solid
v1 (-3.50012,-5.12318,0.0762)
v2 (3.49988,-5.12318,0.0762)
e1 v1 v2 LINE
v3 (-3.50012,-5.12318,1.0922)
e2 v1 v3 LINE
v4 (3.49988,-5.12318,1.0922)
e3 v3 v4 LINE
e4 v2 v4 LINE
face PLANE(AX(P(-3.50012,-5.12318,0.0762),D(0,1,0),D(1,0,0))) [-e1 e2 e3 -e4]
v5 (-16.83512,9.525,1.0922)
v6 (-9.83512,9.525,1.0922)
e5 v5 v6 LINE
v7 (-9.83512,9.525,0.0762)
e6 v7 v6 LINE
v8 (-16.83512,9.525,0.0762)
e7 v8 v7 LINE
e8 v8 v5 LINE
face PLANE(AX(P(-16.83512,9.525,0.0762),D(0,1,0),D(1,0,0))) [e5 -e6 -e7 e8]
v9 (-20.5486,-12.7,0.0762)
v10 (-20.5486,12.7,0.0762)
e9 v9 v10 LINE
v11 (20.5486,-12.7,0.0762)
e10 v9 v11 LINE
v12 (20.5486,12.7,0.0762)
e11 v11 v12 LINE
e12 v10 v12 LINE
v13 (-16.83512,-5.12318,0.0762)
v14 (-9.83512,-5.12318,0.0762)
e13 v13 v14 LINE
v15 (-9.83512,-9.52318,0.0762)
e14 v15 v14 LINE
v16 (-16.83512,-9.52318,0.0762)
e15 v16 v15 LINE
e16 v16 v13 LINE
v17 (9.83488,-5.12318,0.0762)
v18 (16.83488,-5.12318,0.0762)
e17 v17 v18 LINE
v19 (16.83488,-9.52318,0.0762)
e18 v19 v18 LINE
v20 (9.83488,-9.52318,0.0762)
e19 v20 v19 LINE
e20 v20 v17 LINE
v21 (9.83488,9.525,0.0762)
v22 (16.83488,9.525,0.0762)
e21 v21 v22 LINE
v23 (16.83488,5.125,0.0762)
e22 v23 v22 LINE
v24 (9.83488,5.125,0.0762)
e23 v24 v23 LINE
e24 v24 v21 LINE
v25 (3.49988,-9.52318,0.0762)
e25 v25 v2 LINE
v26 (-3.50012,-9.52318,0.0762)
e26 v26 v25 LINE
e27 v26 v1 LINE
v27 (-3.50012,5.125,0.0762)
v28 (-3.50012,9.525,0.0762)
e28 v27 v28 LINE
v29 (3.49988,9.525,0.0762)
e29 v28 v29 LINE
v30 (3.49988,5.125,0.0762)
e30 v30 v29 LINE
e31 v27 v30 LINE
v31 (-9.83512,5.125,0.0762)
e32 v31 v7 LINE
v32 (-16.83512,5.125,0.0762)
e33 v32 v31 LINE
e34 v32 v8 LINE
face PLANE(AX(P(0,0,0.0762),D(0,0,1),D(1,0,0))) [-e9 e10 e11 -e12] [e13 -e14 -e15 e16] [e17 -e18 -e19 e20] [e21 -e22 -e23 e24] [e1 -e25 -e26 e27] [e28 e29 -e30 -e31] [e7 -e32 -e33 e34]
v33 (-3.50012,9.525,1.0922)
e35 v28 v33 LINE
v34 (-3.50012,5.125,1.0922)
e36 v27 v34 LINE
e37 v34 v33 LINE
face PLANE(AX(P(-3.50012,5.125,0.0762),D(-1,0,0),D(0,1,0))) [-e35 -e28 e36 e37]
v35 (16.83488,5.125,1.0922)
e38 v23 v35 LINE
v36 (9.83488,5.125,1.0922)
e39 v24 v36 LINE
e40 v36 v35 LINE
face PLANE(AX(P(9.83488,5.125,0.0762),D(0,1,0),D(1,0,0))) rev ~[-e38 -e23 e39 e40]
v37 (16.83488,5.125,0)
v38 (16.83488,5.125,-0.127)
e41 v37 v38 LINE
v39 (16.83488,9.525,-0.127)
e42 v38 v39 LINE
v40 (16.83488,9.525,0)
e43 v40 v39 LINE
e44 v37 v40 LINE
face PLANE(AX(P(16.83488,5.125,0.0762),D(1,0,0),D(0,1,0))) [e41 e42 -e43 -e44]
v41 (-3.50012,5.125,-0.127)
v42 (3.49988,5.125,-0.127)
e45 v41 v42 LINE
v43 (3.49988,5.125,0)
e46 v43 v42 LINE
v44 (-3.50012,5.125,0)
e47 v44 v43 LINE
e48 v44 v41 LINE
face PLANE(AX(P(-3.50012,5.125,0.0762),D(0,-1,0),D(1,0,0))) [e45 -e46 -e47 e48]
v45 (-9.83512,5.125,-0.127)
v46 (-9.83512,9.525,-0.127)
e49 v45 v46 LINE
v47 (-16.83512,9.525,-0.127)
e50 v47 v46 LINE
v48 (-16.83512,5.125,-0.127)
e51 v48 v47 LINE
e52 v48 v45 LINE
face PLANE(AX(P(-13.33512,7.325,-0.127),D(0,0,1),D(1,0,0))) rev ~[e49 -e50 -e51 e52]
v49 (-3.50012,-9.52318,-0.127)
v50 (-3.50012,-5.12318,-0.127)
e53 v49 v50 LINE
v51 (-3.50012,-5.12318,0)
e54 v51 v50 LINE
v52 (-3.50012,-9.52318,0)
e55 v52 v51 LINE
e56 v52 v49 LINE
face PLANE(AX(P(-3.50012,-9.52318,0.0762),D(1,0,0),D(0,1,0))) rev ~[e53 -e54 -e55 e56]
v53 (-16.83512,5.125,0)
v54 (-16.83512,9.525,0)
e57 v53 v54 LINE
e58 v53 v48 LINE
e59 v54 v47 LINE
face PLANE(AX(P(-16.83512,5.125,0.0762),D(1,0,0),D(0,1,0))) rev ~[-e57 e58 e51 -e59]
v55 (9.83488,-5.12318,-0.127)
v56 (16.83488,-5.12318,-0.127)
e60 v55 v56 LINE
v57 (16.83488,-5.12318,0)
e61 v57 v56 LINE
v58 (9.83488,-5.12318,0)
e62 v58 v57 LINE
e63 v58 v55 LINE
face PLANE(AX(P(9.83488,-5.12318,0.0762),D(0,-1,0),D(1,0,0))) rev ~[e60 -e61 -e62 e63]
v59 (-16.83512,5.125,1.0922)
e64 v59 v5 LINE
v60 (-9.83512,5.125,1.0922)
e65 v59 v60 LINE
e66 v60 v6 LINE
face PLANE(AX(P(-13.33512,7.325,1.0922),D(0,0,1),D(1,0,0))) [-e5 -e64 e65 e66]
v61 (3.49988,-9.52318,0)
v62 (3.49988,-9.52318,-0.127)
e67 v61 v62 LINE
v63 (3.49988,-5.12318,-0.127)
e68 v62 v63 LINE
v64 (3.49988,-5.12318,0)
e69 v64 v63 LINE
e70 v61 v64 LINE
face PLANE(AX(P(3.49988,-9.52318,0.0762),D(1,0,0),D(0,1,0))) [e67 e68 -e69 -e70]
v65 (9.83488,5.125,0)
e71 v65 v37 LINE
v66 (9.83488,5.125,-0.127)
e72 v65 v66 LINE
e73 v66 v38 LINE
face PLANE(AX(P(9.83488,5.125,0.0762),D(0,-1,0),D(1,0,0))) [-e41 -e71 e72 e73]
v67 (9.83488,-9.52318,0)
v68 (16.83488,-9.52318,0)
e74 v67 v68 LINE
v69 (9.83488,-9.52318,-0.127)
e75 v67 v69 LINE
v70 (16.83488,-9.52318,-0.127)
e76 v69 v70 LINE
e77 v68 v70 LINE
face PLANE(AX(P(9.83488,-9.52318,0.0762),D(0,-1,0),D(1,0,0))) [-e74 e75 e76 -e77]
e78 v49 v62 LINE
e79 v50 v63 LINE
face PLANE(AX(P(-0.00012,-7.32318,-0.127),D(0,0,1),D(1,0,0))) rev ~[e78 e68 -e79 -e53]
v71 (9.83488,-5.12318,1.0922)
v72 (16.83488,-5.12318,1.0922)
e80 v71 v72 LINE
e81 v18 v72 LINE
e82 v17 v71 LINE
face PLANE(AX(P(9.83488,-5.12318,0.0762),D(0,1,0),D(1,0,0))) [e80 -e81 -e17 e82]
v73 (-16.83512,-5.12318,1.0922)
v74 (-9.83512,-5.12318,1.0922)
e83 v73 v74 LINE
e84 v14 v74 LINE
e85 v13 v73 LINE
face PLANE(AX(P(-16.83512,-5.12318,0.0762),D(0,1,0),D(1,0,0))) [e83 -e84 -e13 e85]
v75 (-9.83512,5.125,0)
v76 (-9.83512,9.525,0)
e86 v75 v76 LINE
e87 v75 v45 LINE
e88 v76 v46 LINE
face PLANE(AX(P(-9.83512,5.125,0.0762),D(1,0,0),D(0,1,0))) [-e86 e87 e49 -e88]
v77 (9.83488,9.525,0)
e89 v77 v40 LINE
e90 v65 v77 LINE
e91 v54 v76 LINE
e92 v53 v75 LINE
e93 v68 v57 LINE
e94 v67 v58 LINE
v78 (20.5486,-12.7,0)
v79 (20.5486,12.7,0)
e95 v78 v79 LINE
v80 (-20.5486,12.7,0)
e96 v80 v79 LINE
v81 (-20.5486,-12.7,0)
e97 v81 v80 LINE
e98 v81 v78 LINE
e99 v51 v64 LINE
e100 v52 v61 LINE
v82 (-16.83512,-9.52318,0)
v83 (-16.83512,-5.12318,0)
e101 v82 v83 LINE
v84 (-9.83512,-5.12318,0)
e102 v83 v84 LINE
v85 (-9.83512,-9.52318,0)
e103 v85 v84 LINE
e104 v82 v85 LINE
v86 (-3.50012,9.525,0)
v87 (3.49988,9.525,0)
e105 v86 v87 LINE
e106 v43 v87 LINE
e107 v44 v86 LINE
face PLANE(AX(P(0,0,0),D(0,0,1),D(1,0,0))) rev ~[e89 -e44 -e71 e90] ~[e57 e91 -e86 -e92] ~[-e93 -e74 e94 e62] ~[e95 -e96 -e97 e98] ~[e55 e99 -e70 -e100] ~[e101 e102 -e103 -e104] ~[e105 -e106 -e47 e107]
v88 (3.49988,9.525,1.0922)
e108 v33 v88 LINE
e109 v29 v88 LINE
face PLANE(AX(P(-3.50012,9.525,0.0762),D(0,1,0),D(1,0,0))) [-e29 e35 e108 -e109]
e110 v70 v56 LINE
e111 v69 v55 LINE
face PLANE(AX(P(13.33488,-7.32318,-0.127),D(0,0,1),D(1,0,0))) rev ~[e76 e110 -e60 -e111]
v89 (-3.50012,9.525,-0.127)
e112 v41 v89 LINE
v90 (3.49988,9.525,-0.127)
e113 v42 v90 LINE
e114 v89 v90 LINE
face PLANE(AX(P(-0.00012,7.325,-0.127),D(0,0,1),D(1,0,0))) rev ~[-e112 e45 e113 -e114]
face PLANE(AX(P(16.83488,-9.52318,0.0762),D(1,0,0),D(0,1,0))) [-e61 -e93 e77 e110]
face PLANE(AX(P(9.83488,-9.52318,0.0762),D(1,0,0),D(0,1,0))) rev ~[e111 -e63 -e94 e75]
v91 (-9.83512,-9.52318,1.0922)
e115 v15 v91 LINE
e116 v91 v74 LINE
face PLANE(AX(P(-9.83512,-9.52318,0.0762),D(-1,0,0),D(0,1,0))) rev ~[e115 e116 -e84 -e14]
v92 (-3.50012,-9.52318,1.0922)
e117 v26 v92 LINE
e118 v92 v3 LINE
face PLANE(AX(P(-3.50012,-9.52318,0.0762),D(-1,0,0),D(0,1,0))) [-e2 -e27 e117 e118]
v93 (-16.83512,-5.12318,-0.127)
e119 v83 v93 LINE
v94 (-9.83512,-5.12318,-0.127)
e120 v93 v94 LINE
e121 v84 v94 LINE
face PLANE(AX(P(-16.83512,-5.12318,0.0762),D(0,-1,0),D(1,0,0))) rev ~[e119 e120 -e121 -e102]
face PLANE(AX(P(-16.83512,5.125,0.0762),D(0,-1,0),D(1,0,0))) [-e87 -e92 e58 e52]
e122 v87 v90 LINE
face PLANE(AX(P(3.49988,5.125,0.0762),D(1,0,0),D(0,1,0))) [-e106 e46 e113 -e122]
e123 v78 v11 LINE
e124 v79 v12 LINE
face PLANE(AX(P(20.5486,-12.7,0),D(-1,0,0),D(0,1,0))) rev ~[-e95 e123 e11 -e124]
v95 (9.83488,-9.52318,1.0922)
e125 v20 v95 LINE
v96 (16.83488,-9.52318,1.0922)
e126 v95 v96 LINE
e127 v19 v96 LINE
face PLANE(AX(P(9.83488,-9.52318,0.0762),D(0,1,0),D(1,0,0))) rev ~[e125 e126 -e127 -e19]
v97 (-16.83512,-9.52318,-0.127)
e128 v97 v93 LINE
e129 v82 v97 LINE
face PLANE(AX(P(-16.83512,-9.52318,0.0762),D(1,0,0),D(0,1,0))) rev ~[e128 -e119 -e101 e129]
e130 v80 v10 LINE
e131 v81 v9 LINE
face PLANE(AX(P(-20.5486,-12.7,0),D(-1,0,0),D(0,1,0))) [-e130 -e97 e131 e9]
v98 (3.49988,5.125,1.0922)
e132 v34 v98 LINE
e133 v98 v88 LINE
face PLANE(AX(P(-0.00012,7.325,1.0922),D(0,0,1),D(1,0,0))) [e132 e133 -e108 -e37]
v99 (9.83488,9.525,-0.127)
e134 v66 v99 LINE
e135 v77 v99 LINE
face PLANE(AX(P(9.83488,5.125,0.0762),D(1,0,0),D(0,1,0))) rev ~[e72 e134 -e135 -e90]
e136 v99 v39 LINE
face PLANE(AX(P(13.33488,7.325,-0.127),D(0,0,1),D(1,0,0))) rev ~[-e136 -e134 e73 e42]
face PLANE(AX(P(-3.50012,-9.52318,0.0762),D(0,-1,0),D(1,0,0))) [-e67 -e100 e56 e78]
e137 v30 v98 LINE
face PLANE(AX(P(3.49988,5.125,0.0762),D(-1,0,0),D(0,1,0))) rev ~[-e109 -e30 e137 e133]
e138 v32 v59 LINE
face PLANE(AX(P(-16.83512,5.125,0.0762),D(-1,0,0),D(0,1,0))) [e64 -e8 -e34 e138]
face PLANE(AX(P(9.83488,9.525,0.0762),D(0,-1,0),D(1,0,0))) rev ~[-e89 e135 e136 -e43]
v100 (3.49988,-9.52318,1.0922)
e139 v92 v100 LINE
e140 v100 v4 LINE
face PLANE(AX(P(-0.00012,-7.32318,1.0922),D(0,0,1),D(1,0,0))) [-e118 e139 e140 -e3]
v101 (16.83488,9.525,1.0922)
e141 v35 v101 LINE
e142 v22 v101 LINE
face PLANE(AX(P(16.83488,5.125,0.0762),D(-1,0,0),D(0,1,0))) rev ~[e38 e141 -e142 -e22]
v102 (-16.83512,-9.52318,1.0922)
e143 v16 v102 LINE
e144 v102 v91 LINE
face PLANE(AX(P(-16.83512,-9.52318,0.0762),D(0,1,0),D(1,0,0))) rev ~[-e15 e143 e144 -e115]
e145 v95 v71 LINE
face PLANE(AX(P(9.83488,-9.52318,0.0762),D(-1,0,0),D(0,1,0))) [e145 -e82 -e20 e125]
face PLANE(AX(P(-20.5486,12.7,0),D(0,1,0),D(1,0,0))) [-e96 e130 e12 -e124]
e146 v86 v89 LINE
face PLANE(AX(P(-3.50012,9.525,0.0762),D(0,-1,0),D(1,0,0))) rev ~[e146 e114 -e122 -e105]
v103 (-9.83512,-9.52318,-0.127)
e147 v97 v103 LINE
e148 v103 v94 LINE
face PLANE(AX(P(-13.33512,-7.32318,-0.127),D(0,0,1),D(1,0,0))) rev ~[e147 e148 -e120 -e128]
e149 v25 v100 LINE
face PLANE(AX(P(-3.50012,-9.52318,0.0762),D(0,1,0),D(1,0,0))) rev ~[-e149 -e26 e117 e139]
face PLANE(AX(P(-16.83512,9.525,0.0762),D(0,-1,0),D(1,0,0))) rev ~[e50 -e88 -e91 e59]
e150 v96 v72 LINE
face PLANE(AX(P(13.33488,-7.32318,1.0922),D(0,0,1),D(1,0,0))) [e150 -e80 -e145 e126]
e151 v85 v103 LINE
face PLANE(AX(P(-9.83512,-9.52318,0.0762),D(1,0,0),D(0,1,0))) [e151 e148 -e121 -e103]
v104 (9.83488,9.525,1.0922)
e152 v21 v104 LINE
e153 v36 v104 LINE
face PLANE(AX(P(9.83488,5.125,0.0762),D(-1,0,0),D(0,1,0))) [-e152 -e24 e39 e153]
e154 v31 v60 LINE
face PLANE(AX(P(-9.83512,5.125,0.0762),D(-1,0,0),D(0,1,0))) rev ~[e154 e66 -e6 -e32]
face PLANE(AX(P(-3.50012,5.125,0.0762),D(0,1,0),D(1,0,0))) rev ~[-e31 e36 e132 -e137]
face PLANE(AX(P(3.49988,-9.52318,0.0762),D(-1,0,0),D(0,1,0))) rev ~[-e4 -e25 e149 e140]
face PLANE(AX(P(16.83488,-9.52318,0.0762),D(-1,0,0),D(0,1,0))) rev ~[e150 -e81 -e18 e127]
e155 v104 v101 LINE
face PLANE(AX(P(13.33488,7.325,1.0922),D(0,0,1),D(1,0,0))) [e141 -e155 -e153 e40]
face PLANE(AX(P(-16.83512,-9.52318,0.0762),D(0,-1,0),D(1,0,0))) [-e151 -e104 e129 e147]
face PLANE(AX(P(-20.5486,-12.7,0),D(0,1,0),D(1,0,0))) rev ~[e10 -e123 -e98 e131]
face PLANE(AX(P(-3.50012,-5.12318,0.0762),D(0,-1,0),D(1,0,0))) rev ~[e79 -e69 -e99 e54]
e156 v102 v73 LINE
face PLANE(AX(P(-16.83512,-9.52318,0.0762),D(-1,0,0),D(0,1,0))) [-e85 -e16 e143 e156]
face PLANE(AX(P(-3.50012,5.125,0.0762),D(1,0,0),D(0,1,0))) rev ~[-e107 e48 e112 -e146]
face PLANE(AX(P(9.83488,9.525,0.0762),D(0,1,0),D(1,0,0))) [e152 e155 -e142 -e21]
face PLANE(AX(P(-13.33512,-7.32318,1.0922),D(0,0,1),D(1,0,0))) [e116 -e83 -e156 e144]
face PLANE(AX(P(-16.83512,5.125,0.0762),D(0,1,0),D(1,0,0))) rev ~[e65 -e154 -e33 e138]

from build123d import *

# Parameters (mm, degrees)
F0_W     = 41.0972
F0_H     = 25.4
F1_DEPTH = 0.0762
F2_W     = 7
F2_H     = 4.4
F3_DEPTH = 1.016
F4_DEPTH = 0.2032


with BuildPart() as f1:
    # F0 (on Top) → F1 (new body)
    with BuildSketch(Plane.XY):
        Rectangle(F0_W, F0_H)
    extrude(amount=F1_DEPTH)

    # F2 (on face) → F3 (join)
    with BuildSketch(Plane.XY.offset(0.0762)):
        with Locations((-13.33512, 7.325)):
            Rectangle(F2_W, F2_H)
        with Locations((-13.33512, -7.32318)):
            Rectangle(F2_W, F2_H)
        with Locations((-0.00012, 7.325)):
            Rectangle(F2_W, F2_H)
        with Locations((-0.00012, -7.32318)):
            Rectangle(F2_W, F2_H)
        with Locations((13.33488, 7.325)):
            Rectangle(F2_W, F2_H)
        with Locations((13.33488, -7.32318)):
            Rectangle(F2_W, F2_H)
    extrude(amount=F3_DEPTH)

    # F2 (on face) → F4 (join)
    with BuildSketch(Plane.XY.offset(0.0762)):
        with Locations((-13.33512, 7.325)):
            Rectangle(F2_W, F2_H)
        with Locations((-13.33512, -7.32318)):
            Rectangle(F2_W, F2_H)
        with Locations((-0.00012, 7.325)):
            Rectangle(F2_W, F2_H)
        with Locations((-0.00012, -7.32318)):
            Rectangle(F2_W, F2_H)
        with Locations((13.33488, 7.325)):
            Rectangle(F2_W, F2_H)
        with Locations((13.33488, -7.32318)):
            Rectangle(F2_W, F2_H)
    extrude(amount=-F4_DEPTH)


solid = f1.part
